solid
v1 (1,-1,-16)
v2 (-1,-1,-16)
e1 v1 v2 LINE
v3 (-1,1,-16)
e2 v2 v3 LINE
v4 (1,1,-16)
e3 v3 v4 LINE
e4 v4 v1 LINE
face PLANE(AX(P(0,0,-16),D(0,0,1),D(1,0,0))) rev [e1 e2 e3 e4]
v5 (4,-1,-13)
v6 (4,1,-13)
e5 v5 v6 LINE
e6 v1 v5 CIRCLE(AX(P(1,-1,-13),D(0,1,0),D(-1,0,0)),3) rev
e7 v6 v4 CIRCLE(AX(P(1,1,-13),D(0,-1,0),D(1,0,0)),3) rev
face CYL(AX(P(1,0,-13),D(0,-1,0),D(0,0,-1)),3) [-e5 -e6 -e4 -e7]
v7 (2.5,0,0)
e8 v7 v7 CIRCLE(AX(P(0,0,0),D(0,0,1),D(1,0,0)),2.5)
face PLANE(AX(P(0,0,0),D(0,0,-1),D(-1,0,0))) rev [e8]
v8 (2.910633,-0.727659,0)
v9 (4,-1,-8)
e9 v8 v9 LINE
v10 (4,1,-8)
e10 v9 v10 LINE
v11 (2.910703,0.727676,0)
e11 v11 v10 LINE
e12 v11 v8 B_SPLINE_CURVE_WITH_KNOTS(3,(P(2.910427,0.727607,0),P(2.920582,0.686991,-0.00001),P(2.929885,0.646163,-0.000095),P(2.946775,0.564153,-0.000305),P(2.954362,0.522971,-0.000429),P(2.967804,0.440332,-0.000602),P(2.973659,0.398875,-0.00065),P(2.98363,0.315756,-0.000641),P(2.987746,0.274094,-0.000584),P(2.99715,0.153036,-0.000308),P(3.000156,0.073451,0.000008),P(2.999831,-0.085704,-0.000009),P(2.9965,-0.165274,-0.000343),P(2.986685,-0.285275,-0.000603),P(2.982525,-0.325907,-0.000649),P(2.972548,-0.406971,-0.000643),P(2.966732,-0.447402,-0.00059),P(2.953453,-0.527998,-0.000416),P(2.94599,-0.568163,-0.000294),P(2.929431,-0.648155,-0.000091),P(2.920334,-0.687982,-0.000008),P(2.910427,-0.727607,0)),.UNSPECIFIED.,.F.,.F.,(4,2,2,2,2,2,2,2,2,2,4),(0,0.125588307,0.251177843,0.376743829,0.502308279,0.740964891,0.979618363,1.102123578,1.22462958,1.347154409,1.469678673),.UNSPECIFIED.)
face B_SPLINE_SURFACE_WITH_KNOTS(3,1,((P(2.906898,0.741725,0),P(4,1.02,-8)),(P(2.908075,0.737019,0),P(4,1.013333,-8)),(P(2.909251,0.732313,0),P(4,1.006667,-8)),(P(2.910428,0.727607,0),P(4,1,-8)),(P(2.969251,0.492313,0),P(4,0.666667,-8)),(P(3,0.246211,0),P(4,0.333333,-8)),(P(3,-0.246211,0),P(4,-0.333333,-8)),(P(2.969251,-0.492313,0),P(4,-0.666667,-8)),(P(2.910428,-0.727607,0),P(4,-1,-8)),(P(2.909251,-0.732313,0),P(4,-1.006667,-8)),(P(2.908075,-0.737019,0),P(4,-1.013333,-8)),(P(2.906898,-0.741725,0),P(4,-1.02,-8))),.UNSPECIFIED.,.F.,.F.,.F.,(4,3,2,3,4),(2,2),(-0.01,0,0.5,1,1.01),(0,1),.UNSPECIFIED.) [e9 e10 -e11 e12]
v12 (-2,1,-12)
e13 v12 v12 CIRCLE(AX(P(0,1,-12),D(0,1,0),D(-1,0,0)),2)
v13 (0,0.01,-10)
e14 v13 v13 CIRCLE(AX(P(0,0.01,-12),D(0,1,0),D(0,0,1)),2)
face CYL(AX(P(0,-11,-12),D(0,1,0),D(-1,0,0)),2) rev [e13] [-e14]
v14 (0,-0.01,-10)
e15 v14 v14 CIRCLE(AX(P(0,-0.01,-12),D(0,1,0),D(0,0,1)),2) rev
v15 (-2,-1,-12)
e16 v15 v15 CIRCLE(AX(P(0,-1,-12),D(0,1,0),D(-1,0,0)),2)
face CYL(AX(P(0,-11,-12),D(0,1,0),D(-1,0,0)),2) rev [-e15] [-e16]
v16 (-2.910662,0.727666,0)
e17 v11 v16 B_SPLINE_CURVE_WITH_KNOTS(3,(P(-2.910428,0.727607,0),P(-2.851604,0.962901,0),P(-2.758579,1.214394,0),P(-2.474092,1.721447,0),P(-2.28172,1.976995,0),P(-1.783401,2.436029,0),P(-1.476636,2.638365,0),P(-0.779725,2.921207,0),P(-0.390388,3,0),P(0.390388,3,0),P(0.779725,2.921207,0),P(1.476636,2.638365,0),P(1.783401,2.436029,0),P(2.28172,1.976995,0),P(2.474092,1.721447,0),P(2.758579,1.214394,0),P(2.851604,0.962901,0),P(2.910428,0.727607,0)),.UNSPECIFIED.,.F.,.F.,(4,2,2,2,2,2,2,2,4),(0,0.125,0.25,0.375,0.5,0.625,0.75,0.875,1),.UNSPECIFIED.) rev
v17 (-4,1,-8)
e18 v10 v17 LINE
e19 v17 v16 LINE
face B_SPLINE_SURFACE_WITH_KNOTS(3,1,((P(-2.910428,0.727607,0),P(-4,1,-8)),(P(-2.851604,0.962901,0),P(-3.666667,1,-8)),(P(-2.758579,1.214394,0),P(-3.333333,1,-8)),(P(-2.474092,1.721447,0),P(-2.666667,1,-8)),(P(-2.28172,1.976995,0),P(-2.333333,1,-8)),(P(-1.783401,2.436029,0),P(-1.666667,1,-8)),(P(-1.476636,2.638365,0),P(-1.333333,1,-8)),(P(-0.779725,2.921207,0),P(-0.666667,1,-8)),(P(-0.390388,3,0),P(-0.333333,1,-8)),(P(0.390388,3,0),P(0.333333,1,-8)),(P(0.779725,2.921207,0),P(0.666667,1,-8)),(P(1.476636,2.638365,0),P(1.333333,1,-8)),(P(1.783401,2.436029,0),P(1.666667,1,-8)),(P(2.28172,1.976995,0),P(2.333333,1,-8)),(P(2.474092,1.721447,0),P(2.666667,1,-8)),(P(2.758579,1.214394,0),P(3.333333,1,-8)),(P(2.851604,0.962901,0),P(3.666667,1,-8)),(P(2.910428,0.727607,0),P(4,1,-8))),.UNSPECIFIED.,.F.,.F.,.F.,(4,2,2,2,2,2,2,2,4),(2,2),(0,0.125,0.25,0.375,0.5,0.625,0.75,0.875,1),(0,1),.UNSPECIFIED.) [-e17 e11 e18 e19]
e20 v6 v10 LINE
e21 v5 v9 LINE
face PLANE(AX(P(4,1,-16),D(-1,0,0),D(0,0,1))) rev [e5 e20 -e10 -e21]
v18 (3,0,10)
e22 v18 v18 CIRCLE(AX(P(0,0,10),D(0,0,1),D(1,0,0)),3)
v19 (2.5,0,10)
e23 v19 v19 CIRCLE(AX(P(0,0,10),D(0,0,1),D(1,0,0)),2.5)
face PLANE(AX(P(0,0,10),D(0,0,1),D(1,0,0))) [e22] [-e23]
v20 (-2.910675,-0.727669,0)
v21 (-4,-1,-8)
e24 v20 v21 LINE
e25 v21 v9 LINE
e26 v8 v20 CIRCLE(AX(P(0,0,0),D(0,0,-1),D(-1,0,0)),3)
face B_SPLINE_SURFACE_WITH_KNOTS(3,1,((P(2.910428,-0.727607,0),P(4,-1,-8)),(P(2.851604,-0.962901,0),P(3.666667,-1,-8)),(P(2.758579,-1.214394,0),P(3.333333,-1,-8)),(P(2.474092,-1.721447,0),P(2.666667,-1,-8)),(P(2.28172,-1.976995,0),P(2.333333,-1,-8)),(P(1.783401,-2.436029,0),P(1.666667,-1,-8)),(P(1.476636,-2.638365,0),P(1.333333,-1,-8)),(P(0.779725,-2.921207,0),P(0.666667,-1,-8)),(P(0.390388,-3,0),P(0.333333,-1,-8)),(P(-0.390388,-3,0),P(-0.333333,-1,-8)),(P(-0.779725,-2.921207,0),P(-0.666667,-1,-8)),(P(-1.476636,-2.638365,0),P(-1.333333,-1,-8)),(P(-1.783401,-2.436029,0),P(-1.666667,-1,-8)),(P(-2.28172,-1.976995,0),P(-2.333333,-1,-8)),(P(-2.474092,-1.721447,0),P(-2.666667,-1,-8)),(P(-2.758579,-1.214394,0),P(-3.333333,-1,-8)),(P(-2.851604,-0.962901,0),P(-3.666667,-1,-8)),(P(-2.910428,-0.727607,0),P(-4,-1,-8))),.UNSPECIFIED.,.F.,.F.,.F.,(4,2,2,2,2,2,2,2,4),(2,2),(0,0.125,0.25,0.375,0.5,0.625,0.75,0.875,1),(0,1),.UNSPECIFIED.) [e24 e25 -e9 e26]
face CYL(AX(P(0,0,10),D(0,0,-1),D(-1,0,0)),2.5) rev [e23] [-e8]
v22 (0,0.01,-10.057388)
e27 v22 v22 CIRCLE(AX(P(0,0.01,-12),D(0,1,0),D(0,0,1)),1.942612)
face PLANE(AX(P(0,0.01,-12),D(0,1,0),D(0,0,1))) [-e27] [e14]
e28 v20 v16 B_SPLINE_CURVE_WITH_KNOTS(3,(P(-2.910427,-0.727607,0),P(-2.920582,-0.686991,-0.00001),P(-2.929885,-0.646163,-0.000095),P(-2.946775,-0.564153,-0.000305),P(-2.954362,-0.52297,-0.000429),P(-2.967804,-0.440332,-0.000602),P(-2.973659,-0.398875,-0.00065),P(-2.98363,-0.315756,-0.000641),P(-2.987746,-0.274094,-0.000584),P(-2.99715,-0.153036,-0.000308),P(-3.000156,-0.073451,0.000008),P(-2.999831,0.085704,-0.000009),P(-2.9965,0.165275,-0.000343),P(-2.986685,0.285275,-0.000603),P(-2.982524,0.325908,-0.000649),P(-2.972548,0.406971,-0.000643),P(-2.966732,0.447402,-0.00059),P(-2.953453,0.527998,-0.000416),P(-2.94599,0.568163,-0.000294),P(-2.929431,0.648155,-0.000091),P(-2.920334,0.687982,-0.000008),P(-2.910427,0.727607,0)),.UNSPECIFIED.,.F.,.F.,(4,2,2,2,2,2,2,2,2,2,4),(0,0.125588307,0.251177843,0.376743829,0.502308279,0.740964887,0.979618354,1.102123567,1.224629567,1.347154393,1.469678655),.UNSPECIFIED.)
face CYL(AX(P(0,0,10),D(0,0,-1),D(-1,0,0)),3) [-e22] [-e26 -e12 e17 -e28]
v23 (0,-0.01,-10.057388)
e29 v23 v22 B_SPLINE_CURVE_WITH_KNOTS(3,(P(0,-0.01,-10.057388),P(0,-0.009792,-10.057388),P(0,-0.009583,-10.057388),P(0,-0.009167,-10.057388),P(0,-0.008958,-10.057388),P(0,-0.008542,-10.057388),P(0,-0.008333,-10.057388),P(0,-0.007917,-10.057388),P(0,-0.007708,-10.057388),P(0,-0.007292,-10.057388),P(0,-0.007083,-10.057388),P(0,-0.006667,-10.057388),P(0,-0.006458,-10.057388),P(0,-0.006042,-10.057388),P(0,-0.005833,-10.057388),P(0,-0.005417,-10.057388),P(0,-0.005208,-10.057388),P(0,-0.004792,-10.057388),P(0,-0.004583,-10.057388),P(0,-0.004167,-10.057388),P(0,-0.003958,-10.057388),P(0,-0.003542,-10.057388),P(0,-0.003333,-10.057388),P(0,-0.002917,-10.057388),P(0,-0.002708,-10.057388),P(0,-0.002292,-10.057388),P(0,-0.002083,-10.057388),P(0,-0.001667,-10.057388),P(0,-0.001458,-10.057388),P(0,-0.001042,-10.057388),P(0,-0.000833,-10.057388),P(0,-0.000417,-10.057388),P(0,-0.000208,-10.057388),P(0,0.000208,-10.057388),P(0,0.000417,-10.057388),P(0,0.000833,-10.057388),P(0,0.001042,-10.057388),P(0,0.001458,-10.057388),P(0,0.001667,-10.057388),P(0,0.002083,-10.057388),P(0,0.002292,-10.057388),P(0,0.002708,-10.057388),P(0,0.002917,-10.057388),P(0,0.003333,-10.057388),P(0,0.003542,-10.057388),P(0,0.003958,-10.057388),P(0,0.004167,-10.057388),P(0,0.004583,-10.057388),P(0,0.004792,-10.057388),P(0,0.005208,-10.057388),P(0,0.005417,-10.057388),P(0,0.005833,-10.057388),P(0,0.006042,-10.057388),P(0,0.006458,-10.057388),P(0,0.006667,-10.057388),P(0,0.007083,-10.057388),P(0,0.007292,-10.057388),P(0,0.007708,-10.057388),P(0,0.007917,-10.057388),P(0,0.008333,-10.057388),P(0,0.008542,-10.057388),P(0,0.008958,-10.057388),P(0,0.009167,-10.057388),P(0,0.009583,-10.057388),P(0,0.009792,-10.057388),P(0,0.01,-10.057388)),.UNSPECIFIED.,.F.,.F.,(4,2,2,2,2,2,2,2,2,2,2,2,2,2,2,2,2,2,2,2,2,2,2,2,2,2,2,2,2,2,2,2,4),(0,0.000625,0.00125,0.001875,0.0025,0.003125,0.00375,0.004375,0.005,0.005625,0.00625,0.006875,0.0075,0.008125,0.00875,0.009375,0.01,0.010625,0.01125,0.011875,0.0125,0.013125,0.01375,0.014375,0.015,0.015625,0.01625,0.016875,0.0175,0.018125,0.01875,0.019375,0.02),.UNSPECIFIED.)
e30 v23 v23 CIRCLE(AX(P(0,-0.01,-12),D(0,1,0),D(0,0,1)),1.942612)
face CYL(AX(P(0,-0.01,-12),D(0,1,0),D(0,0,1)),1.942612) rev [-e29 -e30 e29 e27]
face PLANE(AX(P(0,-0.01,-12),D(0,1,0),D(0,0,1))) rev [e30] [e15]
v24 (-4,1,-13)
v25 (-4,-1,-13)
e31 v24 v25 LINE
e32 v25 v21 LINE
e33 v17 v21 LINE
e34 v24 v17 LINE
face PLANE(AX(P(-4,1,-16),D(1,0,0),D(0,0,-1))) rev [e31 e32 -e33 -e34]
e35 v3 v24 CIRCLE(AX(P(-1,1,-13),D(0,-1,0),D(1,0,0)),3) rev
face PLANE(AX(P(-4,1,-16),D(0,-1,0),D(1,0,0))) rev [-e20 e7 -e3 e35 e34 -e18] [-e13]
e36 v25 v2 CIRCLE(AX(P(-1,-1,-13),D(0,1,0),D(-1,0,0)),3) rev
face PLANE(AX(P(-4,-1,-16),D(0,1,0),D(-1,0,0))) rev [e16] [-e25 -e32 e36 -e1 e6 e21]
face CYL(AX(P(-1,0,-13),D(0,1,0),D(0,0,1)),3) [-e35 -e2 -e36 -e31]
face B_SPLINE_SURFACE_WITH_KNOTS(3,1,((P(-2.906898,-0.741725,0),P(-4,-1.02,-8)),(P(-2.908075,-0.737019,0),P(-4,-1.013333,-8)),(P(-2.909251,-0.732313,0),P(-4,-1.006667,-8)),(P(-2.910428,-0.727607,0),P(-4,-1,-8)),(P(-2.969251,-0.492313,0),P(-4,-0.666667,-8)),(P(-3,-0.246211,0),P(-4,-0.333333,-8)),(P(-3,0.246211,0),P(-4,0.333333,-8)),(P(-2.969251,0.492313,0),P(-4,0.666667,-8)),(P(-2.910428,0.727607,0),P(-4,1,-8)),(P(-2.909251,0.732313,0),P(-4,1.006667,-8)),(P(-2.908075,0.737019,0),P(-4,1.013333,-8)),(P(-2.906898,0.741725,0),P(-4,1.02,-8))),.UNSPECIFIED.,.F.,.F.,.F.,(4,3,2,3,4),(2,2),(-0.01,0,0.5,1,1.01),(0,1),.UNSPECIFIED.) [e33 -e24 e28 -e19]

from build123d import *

# Parameters (mm, degrees)
ESQUISSE1_R             = 3
ESQUISSE1_R_2           = 2.5
BOSS_EXTRU_1_DEPTH      = 10
ESQUISSE4_W             = 8
ESQUISSE4_H             = 2
BOSS_EXTRU_2_DEPTH      = 8
CONG_1_R                = 3
ESQUISSE6_R             = 2
ENL_V_MAT_EXTRU_2_DEPTH = 12
BOSS_EXTRU_3_DEPTH      = 0.01
BOSS_EXTRU_3_DEPTH_BACK = 0.01
ESQUISSE7_R             = 2
ESQUISSE7_R_2           = 1.94261234


with BuildPart() as part:
    # Esquisse1 → Boss.-Extru.1 (new body)
    with BuildSketch(Plane.XY):
        Circle(ESQUISSE1_R)
        Circle(ESQUISSE1_R_2, mode=Mode.SUBTRACT)
    extrude(amount=BOSS_EXTRU_1_DEPTH)

    # Esquisse3 for Lissage3 → Lissage3 section 0
    with BuildSketch(Plane(origin=(0, 0, 0), x_dir=(-1, 0, 0), z_dir=(0, 0, -1))):
        with BuildLine():
            # circular arc as an exact rational Bezier (weights 1, cos(half-angle), 1)
            Bezier((-2.9104275, 0.727606875), (0, 12.369316884), (2.9104275, 0.727606875), weights=[1, 0.242535625, 1])
            Bezier((2.9104275, 0.727606875), (3.09232922, 0), (2.9104275, -0.727606875), weights=[1, 0.9701425, 1])
            Bezier((2.9104275, -0.727606875), (0, -12.369316884), (-2.9104275, -0.727606875), weights=[1, 0.242535625, 1])
            Bezier((-2.9104275, -0.727606875), (-3.09232922, 0), (-2.9104275, 0.727606875), weights=[1, 0.9701425, 1])
        make_face()
    # Esquisse2 → Lissage3 section 1
    with BuildSketch(Plane.XY.offset(-8)):
        with BuildLine():
            Line((4, 1), (-4, 1))
            Line((-4, 1), (-4, -1))
            Line((-4, -1), (4, -1))
            Line((4, -1), (4, 1))
        make_face()
    loft()

    # Esquisse4 → Boss.-Extru.2 (add)
    with BuildSketch(Plane(origin=(0, 0, -8), x_dir=(-1, 0, 0), z_dir=(0, 0, -1))):
        Rectangle(ESQUISSE4_W, ESQUISSE4_H)
    extrude(amount=BOSS_EXTRU_2_DEPTH)

    # Congé1
    cong_1_edges = [part.edges().sort_by_distance(p)[0] for p in [
        (-4, 0, -16),
        (4, 0, -16),
    ]]
    fillet(cong_1_edges, radius=CONG_1_R)

    # Esquisse6 → Enlèv. mat.-Extru.2 (cut)
    with BuildSketch(Plane(origin=(0, 1, 0), x_dir=(1, 0, 0), z_dir=(0, 1, 0))):
        with Locations(Location((0, 12, 0), (0, 0, 180))):
            Circle(ESQUISSE6_R)
    extrude(amount=-ENL_V_MAT_EXTRU_2_DEPTH, mode=Mode.SUBTRACT)

    # Esquisse7 → Boss.-Extru.3 (add, two sides: drawn at the far end of the back side and taken through both)
    with BuildSketch(Plane(origin=(0, 0, 0), x_dir=(1, 0, 0), z_dir=(0, 1, 0)).offset(-BOSS_EXTRU_3_DEPTH_BACK)):
        with Locations(Location((0, 12, 0), (0, 0, 180))):
            Circle(ESQUISSE7_R)
        with Locations(Location((0, 12, 0), (0, 0, 270))):
            Circle(ESQUISSE7_R_2, mode=Mode.SUBTRACT)
    extrude(amount=BOSS_EXTRU_3_DEPTH + BOSS_EXTRU_3_DEPTH_BACK)


solid = part.part
